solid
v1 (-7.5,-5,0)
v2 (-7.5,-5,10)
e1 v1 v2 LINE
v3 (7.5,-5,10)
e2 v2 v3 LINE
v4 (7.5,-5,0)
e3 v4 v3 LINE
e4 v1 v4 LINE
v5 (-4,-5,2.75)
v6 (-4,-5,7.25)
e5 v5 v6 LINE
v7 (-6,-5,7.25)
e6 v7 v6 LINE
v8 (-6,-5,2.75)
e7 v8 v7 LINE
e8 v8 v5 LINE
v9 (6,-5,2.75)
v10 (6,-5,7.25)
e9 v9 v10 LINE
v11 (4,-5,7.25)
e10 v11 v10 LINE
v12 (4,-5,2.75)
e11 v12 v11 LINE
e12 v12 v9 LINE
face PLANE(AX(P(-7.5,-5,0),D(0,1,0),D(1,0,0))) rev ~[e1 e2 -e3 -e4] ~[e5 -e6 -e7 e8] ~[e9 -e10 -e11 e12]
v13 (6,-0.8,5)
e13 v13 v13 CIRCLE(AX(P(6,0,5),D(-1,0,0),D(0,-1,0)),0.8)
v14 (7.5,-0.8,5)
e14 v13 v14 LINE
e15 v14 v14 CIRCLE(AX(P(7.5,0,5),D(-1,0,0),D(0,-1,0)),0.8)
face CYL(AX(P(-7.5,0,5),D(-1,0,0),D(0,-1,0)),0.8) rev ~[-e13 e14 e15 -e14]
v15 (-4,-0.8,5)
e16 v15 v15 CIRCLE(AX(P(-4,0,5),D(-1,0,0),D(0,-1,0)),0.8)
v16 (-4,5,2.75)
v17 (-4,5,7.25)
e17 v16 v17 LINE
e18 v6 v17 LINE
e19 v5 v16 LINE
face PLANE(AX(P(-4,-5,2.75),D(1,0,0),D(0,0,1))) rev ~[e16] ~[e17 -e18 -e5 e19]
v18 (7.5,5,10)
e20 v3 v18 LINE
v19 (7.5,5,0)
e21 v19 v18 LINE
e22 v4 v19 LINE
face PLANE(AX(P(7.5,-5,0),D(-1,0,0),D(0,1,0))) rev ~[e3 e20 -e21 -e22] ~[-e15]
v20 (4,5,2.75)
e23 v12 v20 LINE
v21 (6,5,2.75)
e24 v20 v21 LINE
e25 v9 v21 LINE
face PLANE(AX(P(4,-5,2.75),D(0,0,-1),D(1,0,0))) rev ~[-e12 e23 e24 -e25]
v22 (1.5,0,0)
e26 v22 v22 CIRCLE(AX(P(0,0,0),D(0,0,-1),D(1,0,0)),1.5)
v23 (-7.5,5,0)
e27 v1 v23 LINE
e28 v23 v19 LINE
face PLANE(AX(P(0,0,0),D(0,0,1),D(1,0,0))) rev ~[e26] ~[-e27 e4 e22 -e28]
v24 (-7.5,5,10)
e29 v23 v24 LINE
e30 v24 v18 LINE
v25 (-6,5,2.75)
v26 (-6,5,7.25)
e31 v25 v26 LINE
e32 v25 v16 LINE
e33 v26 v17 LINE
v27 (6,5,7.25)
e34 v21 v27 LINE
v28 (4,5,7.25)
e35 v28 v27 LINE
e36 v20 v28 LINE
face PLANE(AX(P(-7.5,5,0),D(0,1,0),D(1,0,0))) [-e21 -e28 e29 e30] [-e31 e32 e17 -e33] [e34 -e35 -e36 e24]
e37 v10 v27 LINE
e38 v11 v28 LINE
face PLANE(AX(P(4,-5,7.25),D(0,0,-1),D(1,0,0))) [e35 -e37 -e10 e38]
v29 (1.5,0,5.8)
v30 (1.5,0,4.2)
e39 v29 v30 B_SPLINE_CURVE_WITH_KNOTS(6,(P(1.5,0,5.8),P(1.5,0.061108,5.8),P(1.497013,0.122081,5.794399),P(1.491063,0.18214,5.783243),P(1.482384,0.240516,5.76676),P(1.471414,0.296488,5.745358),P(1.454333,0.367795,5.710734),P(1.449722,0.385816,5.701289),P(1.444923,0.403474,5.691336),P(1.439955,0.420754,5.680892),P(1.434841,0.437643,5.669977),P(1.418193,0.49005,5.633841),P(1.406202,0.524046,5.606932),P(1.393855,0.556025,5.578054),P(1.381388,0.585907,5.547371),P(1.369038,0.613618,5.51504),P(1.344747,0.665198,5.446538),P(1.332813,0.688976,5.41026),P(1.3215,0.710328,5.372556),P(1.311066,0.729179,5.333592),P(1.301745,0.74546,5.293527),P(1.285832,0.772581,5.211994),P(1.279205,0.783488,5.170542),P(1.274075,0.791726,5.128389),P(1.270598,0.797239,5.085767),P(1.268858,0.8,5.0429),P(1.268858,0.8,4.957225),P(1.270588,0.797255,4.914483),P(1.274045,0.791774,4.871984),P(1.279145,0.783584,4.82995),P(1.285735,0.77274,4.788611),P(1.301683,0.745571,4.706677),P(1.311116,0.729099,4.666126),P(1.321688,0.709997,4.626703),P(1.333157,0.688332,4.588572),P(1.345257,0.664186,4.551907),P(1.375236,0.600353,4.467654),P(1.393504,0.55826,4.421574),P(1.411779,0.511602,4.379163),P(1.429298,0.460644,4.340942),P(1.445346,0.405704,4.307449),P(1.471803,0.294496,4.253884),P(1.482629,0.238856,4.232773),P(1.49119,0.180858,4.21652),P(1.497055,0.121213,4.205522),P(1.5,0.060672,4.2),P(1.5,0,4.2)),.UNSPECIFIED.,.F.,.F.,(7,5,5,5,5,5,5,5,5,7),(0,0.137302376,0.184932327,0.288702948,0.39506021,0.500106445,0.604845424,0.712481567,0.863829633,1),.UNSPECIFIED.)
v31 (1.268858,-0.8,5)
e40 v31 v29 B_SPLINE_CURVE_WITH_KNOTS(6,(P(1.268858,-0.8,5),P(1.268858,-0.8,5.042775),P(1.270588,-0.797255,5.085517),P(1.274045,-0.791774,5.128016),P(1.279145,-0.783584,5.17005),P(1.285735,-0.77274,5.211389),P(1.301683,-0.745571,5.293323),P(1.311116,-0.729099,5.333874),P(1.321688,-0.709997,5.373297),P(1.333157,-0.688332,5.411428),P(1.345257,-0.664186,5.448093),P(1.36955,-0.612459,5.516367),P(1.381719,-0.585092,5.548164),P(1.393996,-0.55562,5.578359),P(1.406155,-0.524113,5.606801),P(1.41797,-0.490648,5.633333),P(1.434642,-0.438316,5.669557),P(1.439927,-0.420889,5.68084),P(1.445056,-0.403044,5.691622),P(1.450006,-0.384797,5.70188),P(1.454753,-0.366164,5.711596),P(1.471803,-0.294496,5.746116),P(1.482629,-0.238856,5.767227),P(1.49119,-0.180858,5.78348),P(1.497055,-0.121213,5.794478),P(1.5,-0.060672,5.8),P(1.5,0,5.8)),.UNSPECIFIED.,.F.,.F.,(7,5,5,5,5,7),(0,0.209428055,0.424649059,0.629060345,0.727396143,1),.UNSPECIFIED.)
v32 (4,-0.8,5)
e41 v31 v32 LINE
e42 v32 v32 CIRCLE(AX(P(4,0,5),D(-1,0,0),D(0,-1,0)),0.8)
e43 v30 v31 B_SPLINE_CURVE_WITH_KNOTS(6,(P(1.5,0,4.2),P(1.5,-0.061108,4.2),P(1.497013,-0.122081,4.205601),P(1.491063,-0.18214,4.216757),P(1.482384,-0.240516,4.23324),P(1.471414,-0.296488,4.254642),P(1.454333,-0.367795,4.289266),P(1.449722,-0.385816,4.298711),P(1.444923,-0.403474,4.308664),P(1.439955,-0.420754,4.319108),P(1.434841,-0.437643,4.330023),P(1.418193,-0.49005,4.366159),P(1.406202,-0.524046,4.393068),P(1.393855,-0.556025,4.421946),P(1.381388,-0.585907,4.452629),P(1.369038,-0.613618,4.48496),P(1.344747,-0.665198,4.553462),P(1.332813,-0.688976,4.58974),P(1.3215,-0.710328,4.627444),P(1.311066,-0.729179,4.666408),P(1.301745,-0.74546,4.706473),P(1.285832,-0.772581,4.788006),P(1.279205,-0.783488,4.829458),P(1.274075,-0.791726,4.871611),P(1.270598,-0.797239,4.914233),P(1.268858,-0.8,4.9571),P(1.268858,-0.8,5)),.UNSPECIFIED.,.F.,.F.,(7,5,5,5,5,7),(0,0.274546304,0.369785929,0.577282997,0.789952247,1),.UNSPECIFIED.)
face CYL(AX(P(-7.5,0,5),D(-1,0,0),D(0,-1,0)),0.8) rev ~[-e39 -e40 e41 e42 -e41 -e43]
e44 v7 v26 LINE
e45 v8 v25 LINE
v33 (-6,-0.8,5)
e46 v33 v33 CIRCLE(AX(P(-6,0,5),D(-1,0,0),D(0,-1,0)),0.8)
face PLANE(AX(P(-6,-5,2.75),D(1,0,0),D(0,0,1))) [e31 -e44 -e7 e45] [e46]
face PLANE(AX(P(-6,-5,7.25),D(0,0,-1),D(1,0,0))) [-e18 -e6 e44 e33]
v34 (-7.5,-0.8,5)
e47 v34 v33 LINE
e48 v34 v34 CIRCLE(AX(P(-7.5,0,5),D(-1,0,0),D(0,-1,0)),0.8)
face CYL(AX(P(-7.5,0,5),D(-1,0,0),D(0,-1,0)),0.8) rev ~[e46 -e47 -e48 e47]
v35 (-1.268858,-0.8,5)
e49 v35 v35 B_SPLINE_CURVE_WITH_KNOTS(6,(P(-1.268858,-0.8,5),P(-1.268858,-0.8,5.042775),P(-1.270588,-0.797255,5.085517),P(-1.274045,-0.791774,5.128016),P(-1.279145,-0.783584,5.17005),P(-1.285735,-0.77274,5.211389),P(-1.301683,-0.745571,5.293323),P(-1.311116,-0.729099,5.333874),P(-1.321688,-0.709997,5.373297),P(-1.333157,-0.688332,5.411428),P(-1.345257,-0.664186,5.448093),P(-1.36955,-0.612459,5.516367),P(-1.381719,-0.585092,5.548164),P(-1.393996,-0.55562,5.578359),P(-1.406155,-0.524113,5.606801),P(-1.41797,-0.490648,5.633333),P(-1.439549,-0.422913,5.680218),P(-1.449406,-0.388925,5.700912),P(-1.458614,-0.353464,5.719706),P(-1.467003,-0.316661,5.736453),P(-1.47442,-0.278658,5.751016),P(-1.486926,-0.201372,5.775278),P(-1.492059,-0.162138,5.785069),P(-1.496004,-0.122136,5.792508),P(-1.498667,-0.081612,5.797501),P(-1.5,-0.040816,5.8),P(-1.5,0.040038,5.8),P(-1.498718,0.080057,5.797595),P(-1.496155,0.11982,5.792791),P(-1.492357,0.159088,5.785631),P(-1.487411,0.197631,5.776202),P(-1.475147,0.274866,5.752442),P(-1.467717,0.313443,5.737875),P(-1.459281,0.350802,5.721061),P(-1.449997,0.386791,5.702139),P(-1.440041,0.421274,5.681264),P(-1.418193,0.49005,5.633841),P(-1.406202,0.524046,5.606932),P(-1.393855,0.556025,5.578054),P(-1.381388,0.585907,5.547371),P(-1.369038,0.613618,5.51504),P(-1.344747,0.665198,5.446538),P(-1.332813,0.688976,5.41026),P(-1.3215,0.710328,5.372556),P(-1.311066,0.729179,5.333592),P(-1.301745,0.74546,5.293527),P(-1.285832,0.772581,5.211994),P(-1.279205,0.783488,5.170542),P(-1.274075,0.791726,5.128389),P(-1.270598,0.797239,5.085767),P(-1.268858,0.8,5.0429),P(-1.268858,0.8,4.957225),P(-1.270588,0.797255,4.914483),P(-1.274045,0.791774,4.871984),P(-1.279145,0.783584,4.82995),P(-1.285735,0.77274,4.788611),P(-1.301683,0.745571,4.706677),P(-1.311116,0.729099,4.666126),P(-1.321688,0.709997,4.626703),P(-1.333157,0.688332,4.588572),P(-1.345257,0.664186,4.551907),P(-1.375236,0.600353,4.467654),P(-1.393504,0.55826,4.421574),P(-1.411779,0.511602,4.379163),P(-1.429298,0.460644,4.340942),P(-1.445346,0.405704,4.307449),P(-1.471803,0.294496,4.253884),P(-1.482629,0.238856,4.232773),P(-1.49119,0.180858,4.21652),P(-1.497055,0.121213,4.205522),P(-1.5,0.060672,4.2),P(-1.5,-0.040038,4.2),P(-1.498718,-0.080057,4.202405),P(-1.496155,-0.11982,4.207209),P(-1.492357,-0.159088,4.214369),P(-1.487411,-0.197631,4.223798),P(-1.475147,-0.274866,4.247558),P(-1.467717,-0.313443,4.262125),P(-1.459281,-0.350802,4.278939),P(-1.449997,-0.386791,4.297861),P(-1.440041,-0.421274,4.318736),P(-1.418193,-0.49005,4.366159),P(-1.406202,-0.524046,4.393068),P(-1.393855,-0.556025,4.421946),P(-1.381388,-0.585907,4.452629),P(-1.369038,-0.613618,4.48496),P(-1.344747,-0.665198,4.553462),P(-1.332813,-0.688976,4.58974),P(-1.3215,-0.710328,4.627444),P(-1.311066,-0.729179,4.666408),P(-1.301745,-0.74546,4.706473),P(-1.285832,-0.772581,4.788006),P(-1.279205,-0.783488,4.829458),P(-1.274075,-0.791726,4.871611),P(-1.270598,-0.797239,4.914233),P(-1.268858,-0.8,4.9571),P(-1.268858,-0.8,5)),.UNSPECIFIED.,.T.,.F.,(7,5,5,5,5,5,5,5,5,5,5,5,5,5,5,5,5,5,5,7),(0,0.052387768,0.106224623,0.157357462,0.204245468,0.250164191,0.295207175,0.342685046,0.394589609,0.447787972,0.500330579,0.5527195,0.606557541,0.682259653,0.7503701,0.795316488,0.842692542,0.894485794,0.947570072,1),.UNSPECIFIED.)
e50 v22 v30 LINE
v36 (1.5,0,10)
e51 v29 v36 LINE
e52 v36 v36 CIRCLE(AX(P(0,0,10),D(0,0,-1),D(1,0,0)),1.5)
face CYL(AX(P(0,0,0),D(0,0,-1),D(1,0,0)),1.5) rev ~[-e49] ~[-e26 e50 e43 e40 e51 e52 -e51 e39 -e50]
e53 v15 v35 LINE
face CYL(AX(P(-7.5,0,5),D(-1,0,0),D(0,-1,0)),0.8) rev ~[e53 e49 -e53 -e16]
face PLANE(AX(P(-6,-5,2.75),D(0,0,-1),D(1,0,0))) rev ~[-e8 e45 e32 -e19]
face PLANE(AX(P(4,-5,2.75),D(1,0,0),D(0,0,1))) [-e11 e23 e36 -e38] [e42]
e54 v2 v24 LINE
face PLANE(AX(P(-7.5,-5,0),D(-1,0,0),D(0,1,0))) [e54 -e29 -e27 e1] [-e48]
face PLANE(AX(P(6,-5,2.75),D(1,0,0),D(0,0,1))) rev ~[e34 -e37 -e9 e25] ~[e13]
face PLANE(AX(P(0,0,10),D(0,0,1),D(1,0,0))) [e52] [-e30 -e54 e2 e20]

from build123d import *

# Parameters (mm, degrees)
F0_W     = 15
F0_H     = 10
F1_DEPTH = 10
F2_W     = 2
F2_H     = 4.5
F3_DEPTH = 10
F4_R     = 1.5
F5_DEPTH = 15
F6_R     = 0.8
F7_DEPTH = 15


with BuildPart() as f1:
    # F0 (on Top) → F1 (new body)
    with BuildSketch(Plane.XY):
        Rectangle(F0_W, F0_H)
    extrude(amount=F1_DEPTH)

    # F2 (on face) → F3 (cut, through all)
    with BuildSketch(Plane.XZ.offset(5)):
        with Locations((-5, 5)):
            Rectangle(F2_W, F2_H)
        with Locations((5, 5)):
            Rectangle(F2_W, F2_H)
    extrude(amount=-F3_DEPTH, mode=Mode.SUBTRACT)

    # F4 (on face) → F5 (cut)
    with BuildSketch(Plane(origin=(0, 0, 0), x_dir=(1, 0, 0), z_dir=(0, 0, -1))):
        Circle(F4_R)
    extrude(amount=-F5_DEPTH, mode=Mode.SUBTRACT)

    # F6 (on face) → F7 (cut, through all)
    with BuildSketch(Plane(origin=(-7.5, 0, 0), x_dir=(0, -1, 0), z_dir=(-1, 0, 0))):
        with Locations((0, 5)):
            Circle(F6_R)
    extrude(amount=-F7_DEPTH, mode=Mode.SUBTRACT)


solid = f1.part
